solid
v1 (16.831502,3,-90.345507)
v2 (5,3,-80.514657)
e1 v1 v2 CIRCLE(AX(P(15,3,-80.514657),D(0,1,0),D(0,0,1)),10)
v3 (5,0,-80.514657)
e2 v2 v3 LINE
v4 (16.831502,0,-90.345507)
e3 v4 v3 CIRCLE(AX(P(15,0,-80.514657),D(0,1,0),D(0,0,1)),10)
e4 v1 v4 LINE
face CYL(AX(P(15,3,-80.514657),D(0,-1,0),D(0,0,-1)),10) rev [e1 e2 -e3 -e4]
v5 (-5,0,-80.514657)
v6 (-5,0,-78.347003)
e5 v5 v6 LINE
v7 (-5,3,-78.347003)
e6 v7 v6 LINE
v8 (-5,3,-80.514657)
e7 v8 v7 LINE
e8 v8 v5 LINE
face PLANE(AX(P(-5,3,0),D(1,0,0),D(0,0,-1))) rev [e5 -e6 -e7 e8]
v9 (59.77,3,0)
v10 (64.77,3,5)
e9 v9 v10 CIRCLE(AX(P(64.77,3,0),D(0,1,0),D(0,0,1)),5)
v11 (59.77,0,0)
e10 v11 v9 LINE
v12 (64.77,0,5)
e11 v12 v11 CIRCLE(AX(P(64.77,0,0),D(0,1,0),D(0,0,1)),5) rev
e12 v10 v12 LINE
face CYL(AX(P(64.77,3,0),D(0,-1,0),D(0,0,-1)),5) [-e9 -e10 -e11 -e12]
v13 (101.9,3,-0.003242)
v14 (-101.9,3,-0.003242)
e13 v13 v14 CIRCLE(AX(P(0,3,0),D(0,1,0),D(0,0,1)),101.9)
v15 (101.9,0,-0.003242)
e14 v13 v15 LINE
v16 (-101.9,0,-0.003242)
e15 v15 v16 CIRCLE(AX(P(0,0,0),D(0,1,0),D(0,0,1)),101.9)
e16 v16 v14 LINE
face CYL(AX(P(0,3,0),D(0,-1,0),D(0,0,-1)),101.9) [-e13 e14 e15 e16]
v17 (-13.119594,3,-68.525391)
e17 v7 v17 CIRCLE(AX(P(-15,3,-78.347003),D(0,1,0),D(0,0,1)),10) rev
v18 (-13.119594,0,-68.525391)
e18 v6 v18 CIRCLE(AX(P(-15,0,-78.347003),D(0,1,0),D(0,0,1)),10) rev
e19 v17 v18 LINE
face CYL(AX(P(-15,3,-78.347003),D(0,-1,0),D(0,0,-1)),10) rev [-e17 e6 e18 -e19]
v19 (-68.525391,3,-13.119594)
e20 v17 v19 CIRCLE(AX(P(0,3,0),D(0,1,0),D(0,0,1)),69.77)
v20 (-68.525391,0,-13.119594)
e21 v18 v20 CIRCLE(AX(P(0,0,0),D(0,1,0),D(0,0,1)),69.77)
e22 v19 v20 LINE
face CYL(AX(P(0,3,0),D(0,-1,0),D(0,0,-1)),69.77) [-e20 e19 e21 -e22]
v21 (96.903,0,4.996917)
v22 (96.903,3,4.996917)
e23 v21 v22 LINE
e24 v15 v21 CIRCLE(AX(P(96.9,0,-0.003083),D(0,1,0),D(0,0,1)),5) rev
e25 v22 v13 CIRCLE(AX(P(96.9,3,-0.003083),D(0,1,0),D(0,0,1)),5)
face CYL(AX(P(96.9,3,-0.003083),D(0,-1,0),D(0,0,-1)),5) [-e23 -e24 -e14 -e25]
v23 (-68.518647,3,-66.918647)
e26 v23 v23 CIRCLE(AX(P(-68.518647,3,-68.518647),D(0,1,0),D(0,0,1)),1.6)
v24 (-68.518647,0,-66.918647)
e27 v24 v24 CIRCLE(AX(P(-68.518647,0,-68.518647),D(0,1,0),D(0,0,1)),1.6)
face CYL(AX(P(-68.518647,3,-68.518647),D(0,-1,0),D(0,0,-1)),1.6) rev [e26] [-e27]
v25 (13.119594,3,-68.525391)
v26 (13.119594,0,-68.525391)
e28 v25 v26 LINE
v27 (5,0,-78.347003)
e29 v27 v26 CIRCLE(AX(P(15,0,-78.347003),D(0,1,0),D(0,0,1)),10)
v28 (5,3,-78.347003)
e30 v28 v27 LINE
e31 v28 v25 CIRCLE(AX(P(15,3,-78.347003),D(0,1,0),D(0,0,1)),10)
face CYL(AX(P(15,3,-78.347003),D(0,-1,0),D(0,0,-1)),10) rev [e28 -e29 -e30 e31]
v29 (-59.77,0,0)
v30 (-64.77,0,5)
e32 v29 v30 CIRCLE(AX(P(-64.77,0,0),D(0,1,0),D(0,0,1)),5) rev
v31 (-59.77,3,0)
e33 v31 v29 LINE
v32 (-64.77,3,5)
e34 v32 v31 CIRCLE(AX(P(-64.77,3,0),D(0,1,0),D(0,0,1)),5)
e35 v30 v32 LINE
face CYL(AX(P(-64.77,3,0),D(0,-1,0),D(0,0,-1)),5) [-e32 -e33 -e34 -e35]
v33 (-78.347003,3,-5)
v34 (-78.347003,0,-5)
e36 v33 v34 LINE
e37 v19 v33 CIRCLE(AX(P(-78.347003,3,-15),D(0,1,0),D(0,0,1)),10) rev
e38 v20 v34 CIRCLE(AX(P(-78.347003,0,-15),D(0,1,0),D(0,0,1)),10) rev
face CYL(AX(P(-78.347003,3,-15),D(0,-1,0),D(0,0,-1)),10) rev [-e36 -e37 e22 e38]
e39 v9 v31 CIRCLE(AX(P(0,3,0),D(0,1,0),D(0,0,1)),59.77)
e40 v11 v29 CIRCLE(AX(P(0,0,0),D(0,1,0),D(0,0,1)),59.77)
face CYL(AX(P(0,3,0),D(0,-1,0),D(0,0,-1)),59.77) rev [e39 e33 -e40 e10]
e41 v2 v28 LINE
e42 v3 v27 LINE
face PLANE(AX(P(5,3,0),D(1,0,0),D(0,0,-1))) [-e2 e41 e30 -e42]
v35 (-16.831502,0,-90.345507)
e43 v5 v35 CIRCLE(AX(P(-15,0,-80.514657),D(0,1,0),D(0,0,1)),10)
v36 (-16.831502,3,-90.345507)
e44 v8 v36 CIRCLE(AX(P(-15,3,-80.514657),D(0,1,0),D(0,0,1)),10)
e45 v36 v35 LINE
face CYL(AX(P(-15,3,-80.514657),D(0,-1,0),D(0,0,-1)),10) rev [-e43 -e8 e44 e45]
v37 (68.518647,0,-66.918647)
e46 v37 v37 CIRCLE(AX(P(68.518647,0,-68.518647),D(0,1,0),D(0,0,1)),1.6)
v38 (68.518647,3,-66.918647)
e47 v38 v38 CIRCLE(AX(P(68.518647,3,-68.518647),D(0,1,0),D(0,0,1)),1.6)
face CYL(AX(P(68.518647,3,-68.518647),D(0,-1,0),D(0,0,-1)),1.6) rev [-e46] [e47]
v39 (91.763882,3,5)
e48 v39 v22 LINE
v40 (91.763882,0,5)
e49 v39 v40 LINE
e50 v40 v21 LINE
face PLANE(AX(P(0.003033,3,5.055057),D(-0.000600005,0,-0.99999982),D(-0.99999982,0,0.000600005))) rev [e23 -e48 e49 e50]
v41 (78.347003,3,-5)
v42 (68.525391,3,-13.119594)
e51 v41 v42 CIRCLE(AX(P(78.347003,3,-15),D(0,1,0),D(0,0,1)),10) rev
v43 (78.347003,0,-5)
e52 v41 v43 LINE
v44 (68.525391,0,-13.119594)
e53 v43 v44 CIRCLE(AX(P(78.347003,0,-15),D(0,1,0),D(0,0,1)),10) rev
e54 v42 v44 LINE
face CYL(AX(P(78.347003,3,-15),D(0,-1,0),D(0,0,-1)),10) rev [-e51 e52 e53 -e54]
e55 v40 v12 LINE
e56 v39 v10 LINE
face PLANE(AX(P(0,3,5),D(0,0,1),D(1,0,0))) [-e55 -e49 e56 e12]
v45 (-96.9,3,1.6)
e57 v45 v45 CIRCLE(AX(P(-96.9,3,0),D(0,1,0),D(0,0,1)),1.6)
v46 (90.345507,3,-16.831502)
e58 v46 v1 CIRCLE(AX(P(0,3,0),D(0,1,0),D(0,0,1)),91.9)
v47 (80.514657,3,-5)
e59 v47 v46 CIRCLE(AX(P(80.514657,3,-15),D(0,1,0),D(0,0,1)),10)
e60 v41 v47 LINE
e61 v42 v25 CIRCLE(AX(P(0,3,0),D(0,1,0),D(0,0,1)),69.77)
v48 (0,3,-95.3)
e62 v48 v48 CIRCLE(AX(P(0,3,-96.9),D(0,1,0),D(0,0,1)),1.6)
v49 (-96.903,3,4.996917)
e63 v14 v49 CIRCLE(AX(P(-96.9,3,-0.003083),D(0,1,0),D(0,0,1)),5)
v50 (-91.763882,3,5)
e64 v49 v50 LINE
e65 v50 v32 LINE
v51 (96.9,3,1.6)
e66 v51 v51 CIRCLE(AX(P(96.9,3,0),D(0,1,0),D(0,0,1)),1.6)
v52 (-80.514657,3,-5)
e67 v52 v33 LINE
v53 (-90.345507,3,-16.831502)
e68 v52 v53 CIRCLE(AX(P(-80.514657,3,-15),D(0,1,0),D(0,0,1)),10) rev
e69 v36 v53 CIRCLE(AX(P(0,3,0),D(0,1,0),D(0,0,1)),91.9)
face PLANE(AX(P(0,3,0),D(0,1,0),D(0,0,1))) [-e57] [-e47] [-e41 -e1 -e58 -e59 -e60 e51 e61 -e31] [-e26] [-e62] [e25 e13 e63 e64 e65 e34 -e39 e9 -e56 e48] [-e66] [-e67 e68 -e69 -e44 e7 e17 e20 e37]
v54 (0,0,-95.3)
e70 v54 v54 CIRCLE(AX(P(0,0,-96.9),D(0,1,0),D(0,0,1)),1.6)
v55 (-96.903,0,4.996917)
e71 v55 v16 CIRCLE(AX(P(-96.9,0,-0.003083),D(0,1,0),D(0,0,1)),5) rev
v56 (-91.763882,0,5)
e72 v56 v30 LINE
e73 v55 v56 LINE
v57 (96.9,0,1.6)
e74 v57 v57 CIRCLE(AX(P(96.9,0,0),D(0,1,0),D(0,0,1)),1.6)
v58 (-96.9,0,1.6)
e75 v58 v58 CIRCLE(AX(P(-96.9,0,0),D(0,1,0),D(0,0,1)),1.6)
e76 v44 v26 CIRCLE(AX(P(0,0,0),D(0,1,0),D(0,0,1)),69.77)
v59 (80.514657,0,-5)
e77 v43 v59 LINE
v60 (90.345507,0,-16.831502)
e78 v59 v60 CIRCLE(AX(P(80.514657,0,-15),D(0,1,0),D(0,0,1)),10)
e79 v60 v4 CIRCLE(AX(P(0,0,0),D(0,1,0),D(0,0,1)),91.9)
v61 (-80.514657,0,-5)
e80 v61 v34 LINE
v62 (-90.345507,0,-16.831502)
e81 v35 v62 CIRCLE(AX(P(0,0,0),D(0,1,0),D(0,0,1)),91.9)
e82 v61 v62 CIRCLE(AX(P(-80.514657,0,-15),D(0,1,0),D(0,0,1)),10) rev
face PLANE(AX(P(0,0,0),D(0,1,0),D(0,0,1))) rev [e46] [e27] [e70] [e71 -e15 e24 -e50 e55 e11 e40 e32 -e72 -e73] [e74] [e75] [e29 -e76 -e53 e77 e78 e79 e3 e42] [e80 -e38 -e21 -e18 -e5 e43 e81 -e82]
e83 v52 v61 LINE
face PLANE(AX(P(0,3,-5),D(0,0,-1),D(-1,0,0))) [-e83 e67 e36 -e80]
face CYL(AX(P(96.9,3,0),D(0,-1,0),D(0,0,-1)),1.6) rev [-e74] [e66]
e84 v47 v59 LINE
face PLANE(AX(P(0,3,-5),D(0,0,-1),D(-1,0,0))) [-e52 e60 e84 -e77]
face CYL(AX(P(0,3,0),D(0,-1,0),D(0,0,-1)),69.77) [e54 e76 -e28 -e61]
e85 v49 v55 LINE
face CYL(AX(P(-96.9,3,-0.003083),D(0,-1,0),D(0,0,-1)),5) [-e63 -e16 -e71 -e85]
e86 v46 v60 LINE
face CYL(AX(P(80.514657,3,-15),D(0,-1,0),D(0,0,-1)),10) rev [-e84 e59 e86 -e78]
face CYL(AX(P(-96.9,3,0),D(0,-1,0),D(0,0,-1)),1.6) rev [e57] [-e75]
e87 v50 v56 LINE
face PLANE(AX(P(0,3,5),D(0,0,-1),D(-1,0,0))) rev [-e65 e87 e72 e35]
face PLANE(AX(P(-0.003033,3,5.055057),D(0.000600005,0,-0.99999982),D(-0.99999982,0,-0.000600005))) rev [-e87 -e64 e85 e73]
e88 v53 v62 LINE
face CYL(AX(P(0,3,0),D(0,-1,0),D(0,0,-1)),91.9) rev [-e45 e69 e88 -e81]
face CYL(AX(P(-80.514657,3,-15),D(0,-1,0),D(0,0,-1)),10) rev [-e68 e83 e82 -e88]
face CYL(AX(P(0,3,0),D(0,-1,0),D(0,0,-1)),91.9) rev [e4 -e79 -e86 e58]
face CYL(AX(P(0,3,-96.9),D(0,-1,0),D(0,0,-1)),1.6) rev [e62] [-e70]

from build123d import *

# Parameters (mm, degrees)
SKETCH_1_R      = 1.6
EXTRUDE_1_DEPTH = 3
FILLET_1_R      = 5
FILLET_2_R      = 5


with BuildPart() as part:
    # 草图1 → 凸台-拉伸1 (new body)
    with BuildSketch(Plane(origin=(0, 0, 0), x_dir=(1, 0, 0), z_dir=(0, 1, 0))):
        with BuildLine():
            Line((-91.763881784, -5), (-64.576721038, -5))
            Line((-64.576721038, -5), (-59.560497815, -5))
            ThreePointArc((-59.560497815, -5), (0, 59.77), (59.560497815, -5))
            Line((59.560497815, -5), (64.576721038, -5))
            Line((64.576721038, -5), (91.763881784, -5))
            Line((91.763881784, -5), (101.777551781, -4.993991746))
            ThreePointArc((101.777551781, -4.993991746), (0, 101.9), (-101.777551781, -4.993991746))
            Line((-101.777551781, -4.993991746), (-91.763881784, -5))
        make_face()
        with Locations(Location((-96.9, 0, 0), (0, 0, 270))):
            Circle(SKETCH_1_R, mode=Mode.SUBTRACT)
        with Locations(Location((96.9, 0, 0), (0, 0, 270))):
            Circle(SKETCH_1_R, mode=Mode.SUBTRACT)
        with BuildLine():
            Line((-78.347003133, 5), (-80.514657051, 5))
            ThreePointArc((-80.514657051, 5), (-88.206048938, 8.609186997), (-90.345506507, 16.831501832))
            ThreePointArc((-90.345506507, 16.831501832), (-64.983113191, 64.983113191), (-16.831501832, 90.345506507))
            ThreePointArc((-16.831501832, 90.345506507), (-8.609186997, 88.206048938), (-5, 80.514657051))
            Line((-5, 80.514657051), (-5, 78.347003133))
            ThreePointArc((-5, 78.347003133), (-7.292728703, 71.975349568), (-13.119593832, 68.525390606))
            ThreePointArc((-13.119593832, 68.525390606), (-49.334840123, 49.334840123), (-68.525390606, 13.119593832))
            ThreePointArc((-68.525390606, 13.119593832), (-71.975349568, 7.292728703), (-78.347003133, 5))
        make_face(mode=Mode.SUBTRACT)
        with Locations(Location((-68.518647097, 68.518647097, 0), (0, 0, 270))):
            Circle(SKETCH_1_R, mode=Mode.SUBTRACT)
        with BuildLine():
            ThreePointArc((5, 80.514657051), (8.609186997, 88.206048938), (16.831501831, 90.345506507))
            ThreePointArc((16.831501831, 90.345506507), (64.983113191, 64.983113191), (90.345506507, 16.831501832))
            ThreePointArc((90.345506507, 16.831501832), (88.206048938, 8.609186997), (80.514657051, 5))
            Line((80.514657051, 5), (78.347003133, 5))
            ThreePointArc((78.347003133, 5), (71.975349568, 7.292728703), (68.525390606, 13.119593832))
            ThreePointArc((68.525390606, 13.119593832), (49.334840123, 49.334840123), (13.119593832, 68.525390606))
            ThreePointArc((13.119593832, 68.525390606), (7.292728703, 71.975349568), (5, 78.347003133))
            Line((5, 78.347003133), (5, 80.514657051))
        make_face(mode=Mode.SUBTRACT)
        with Locations(Location((0, 96.9, 0), (0, 0, 270))):
            Circle(SKETCH_1_R, mode=Mode.SUBTRACT)
        with Locations(Location((68.518647097, 68.518647097, 0), (0, 0, 270))):
            Circle(SKETCH_1_R, mode=Mode.SUBTRACT)
    extrude(amount=EXTRUDE_1_DEPTH)

    # 圆角1
    fillet_1_edges = [part.edges().sort_by_distance(p)[0] for p in [
        (-101.777551781, 1.5, 4.993991746),
        (101.777551781, 1.5, 4.993991746),
    ]]
    fillet(fillet_1_edges, radius=FILLET_1_R)

    # 圆角2
    fillet_2_edges = [part.edges().sort_by_distance(p)[0] for p in [
        (-59.560497815, 1.5, 5),
        (59.560497815, 1.5, 5),
    ]]
    fillet(fillet_2_edges, radius=FILLET_2_R)


solid = part.part
